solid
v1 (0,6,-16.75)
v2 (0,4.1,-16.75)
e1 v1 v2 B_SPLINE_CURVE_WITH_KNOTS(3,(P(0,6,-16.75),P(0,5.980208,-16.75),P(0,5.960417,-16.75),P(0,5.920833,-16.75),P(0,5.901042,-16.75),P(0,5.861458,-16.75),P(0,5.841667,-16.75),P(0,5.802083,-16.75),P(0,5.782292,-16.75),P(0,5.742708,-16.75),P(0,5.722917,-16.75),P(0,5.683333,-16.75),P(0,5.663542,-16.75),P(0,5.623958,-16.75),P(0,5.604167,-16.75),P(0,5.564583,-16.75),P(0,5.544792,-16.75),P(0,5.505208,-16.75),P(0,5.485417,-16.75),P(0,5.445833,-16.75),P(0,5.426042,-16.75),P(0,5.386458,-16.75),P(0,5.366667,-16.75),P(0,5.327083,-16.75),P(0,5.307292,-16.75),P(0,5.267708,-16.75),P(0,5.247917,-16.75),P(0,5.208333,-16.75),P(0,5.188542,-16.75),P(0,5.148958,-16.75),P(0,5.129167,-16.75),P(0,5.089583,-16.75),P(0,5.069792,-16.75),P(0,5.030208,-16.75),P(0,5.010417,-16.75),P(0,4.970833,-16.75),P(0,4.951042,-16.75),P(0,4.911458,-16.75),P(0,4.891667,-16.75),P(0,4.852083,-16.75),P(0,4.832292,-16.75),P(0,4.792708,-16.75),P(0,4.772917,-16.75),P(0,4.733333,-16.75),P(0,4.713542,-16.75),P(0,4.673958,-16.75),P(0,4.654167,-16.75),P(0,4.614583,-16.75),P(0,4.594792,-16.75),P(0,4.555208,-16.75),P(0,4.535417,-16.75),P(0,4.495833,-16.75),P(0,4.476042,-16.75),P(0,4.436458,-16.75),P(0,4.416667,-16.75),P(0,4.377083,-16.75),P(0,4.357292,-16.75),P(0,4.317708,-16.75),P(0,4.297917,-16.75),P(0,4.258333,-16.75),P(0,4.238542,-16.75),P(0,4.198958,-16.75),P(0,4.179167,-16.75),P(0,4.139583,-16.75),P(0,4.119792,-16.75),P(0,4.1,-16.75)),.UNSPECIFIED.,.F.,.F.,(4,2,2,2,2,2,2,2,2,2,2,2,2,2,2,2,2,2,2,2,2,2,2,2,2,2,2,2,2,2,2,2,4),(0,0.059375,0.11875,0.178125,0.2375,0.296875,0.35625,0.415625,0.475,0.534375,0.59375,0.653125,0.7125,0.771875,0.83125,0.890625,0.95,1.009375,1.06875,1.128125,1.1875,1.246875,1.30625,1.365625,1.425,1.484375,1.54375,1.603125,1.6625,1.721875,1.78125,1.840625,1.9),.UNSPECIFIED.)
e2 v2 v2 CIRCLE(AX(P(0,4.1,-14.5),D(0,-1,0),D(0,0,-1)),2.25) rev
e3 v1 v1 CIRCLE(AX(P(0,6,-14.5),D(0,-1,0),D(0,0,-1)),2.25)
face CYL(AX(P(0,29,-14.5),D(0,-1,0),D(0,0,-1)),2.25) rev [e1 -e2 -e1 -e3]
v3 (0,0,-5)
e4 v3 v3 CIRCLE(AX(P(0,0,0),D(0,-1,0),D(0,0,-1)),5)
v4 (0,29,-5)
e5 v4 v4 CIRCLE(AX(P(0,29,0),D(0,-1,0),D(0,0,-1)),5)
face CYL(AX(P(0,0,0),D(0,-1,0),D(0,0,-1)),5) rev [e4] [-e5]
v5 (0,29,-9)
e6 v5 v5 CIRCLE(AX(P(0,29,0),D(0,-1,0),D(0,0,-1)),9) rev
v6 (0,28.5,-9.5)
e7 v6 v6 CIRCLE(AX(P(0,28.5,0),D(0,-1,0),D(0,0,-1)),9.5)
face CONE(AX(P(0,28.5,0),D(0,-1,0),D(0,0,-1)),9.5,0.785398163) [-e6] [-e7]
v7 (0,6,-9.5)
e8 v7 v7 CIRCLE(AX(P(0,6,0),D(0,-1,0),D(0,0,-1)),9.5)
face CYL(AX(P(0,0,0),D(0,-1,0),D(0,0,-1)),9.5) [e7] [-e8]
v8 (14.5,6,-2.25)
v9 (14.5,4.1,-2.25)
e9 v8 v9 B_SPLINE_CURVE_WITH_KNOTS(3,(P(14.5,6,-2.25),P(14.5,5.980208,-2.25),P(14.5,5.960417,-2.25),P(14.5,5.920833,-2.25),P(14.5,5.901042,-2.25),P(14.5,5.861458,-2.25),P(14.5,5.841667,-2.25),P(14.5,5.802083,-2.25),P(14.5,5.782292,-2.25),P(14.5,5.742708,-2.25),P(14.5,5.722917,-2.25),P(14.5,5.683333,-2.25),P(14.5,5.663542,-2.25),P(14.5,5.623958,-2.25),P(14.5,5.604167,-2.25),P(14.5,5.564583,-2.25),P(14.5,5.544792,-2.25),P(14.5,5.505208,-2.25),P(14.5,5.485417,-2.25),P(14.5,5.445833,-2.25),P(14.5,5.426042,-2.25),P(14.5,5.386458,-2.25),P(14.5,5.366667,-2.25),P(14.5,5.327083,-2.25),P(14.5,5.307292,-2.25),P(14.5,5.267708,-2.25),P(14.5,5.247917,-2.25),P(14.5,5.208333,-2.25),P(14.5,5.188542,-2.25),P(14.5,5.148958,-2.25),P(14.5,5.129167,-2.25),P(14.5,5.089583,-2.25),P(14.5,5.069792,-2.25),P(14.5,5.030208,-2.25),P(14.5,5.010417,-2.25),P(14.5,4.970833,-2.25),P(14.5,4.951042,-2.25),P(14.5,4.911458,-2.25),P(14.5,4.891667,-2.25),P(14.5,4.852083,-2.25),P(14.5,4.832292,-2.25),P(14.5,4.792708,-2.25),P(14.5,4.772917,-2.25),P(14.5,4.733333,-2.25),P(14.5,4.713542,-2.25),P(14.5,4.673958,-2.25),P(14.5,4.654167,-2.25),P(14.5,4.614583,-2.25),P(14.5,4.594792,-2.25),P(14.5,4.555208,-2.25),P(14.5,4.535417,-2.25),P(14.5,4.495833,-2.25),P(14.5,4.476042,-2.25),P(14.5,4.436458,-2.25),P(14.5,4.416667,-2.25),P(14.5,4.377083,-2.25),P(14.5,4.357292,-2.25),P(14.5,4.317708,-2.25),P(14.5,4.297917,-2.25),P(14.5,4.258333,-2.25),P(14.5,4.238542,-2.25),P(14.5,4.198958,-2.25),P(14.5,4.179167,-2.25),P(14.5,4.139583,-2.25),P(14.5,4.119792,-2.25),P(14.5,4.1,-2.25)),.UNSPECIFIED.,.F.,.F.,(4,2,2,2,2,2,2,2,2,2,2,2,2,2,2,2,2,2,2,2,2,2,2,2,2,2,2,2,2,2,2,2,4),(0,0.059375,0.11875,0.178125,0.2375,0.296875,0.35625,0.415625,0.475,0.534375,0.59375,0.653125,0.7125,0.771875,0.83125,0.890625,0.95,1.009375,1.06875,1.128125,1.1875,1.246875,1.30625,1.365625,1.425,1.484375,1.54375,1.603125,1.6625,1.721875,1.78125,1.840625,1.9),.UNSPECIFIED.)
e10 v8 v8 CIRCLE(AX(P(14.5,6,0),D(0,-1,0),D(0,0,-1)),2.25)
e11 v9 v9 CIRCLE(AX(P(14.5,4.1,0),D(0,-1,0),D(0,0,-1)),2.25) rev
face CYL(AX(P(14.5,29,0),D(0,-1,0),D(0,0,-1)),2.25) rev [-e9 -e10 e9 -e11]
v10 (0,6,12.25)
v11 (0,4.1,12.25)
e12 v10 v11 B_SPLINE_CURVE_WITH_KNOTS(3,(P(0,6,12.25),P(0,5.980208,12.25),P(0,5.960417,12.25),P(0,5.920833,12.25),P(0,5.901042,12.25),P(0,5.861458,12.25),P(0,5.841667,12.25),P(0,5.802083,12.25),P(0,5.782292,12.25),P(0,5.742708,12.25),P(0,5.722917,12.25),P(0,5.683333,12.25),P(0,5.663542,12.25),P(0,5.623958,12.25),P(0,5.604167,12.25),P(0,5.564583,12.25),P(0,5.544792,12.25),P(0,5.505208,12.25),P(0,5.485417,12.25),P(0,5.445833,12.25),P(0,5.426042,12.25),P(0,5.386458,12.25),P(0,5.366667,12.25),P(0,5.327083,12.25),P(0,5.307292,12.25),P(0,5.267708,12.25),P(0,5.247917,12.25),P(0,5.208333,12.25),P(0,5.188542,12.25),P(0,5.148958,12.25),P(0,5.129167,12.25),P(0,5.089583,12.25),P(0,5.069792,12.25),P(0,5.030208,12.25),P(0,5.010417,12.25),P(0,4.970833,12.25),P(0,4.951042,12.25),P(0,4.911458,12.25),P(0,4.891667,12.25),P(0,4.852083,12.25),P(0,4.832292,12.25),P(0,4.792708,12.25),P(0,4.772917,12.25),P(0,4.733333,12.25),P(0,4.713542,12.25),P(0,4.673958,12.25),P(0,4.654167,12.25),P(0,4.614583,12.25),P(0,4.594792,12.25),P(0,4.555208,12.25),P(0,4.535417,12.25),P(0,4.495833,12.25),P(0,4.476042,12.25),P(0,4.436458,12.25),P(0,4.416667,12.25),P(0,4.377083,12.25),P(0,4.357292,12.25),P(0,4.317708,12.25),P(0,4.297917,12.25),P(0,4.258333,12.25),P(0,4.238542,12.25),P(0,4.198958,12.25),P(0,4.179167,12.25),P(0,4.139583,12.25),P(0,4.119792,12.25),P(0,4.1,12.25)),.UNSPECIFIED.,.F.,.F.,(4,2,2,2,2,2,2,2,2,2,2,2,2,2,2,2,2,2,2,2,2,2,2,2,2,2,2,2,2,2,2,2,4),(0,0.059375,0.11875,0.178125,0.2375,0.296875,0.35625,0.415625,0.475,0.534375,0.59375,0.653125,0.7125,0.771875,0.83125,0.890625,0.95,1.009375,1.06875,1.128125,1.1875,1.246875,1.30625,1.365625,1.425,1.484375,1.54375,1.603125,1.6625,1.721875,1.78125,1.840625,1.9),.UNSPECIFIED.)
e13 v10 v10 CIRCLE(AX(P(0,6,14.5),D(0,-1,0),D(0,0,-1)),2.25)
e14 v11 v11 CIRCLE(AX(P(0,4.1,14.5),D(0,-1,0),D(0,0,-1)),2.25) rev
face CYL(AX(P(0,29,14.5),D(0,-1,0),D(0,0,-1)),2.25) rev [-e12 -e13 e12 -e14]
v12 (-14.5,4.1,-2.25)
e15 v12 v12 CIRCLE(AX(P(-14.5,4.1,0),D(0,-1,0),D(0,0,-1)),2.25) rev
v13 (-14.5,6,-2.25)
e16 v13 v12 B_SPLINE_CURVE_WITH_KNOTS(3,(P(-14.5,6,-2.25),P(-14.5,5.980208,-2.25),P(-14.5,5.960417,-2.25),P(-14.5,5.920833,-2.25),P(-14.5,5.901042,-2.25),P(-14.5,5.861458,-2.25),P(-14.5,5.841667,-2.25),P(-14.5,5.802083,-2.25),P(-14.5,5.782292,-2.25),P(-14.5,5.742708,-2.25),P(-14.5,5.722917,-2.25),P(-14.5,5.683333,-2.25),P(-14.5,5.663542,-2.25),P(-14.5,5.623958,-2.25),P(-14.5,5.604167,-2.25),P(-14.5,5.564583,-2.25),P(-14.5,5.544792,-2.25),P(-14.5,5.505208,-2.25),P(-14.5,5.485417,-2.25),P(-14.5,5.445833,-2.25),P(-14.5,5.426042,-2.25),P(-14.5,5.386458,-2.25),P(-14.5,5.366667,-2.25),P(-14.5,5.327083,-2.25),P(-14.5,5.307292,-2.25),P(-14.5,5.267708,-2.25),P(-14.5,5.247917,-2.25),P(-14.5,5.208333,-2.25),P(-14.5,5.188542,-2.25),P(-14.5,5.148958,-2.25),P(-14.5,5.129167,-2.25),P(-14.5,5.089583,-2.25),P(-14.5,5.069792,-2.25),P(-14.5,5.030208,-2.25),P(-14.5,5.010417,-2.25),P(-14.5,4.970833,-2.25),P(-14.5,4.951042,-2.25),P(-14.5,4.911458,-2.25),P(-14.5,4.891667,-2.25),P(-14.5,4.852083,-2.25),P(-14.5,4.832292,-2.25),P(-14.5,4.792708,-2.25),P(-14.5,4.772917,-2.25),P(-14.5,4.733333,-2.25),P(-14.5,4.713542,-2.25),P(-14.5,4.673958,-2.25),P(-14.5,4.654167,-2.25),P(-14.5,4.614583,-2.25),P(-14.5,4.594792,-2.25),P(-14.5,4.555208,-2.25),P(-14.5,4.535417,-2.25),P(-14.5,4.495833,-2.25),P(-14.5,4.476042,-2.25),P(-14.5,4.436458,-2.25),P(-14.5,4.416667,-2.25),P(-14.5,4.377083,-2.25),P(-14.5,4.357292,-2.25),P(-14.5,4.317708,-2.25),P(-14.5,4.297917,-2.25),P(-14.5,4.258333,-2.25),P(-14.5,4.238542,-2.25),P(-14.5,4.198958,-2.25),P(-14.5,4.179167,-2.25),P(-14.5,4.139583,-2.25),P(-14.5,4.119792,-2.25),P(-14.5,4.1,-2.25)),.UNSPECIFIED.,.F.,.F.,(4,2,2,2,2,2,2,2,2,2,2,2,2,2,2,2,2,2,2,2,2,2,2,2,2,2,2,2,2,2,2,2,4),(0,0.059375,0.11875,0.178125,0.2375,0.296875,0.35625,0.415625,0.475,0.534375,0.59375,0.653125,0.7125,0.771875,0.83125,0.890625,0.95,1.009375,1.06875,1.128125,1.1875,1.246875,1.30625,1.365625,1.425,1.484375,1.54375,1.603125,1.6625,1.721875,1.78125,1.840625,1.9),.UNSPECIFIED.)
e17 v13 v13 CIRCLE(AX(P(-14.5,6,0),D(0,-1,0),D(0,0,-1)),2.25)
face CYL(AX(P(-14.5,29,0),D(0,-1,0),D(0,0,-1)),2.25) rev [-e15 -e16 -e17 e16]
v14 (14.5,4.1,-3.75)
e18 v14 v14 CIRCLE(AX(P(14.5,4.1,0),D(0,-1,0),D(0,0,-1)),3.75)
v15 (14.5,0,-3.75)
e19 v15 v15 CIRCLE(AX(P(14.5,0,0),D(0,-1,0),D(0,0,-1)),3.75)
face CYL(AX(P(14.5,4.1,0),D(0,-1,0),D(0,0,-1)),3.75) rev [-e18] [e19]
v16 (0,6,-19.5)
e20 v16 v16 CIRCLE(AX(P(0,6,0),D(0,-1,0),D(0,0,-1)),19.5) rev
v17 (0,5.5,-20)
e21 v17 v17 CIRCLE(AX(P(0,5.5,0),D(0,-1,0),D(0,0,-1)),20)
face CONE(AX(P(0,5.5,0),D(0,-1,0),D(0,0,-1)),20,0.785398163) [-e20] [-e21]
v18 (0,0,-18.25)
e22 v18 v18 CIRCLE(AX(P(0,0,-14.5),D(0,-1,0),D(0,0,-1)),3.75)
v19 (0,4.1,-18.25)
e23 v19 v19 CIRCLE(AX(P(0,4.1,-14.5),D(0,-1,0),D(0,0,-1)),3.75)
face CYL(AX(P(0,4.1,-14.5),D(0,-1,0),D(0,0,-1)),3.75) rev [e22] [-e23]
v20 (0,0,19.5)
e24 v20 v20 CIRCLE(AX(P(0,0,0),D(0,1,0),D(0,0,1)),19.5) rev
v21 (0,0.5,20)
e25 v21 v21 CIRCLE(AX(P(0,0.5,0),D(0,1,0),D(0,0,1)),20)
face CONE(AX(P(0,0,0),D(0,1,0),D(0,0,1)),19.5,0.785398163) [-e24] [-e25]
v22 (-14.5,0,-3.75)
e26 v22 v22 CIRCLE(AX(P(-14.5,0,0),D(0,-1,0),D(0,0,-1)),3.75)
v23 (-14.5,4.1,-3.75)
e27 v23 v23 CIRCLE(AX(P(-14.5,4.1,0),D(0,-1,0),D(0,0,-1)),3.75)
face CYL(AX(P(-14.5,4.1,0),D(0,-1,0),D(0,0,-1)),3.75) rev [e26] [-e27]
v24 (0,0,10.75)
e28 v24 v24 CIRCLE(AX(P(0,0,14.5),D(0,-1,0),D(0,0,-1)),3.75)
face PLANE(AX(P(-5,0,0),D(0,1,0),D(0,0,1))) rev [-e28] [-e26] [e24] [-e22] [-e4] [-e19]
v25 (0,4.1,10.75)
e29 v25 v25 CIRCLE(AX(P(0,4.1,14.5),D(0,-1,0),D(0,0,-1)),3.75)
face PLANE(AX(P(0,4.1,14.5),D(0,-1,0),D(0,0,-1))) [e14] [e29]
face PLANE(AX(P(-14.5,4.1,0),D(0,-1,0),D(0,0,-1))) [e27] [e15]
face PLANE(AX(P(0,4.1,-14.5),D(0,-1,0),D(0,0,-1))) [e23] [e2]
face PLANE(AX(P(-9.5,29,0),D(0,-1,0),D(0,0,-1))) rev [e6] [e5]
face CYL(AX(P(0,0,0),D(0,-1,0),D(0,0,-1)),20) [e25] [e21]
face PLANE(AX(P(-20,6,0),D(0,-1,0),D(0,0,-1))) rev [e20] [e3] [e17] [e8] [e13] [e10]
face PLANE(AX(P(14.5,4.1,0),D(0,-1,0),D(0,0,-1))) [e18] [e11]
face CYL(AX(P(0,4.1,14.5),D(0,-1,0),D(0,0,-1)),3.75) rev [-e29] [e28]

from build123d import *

# Parameters (mm, degrees)
SKETCH_2_R          = 2.25
CUT_EXTRUDE_1_DEPTH = 41.509258201
SKETCH_3_R          = 3.75
CUT_EXTRUDE_2_DEPTH = 4.1
CHAMFER_1_SIZE      = 0.5


with BuildPart() as part:
    # Эскиз1 → Повернуть1 (revolve)
    with BuildSketch(Plane.XY, mode=Mode.PRIVATE) as revolve_1_sk:
        Polygon((-5, 0), (-20, 0), (-20, 6), (-9.5, 6), (-9.5, 29), (-5, 29), align=None)
    revolve(revolve_1_sk.sketch.rotate(Axis((0, 0, 0), (0, 1, 0)), 270), axis=Axis((0, 0, 0), (0, 1, 0)))

    # Эскиз2 → Вырез-Вытянуть1 (cut, through all)
    with BuildSketch(Plane.XZ):
        with Locations(Location((0, 14.5, 0), (0, 0, 270))):
            Circle(SKETCH_2_R)
        with Locations(Location((14.5, 0, 0), (0, 0, 270))):
            Circle(SKETCH_2_R)
        with Locations(Location((0, -14.5, 0), (0, 0, 270))):
            Circle(SKETCH_2_R)
        with Locations(Location((-14.5, 0, 0), (0, 0, 270))):
            Circle(SKETCH_2_R)
    extrude(amount=-CUT_EXTRUDE_1_DEPTH, mode=Mode.SUBTRACT)

    # Эскиз3 → Вырез-Вытянуть2 (cut)
    with BuildSketch(Plane.XZ):
        with Locations(Location((0, 14.5, 0), (0, 0, 270))):
            Circle(SKETCH_3_R)
        with Locations(Location((14.5, 0, 0), (0, 0, 270))):
            Circle(SKETCH_3_R)
        with Locations(Location((0, -14.5, 0), (0, 0, 270))):
            Circle(SKETCH_3_R)
        with Locations(Location((-14.5, 0, 0), (0, 0, 270))):
            Circle(SKETCH_3_R)
    extrude(amount=-CUT_EXTRUDE_2_DEPTH, mode=Mode.SUBTRACT)

    # Фаска1
    chamfer_1_edges = [part.edges().sort_by_distance(p)[0] for p in [
        (0, 29, 9.5),
        (0, 6, 20),
        (0, 0, 20),
    ]]
    chamfer(chamfer_1_edges, length=CHAMFER_1_SIZE)


solid = part.part
